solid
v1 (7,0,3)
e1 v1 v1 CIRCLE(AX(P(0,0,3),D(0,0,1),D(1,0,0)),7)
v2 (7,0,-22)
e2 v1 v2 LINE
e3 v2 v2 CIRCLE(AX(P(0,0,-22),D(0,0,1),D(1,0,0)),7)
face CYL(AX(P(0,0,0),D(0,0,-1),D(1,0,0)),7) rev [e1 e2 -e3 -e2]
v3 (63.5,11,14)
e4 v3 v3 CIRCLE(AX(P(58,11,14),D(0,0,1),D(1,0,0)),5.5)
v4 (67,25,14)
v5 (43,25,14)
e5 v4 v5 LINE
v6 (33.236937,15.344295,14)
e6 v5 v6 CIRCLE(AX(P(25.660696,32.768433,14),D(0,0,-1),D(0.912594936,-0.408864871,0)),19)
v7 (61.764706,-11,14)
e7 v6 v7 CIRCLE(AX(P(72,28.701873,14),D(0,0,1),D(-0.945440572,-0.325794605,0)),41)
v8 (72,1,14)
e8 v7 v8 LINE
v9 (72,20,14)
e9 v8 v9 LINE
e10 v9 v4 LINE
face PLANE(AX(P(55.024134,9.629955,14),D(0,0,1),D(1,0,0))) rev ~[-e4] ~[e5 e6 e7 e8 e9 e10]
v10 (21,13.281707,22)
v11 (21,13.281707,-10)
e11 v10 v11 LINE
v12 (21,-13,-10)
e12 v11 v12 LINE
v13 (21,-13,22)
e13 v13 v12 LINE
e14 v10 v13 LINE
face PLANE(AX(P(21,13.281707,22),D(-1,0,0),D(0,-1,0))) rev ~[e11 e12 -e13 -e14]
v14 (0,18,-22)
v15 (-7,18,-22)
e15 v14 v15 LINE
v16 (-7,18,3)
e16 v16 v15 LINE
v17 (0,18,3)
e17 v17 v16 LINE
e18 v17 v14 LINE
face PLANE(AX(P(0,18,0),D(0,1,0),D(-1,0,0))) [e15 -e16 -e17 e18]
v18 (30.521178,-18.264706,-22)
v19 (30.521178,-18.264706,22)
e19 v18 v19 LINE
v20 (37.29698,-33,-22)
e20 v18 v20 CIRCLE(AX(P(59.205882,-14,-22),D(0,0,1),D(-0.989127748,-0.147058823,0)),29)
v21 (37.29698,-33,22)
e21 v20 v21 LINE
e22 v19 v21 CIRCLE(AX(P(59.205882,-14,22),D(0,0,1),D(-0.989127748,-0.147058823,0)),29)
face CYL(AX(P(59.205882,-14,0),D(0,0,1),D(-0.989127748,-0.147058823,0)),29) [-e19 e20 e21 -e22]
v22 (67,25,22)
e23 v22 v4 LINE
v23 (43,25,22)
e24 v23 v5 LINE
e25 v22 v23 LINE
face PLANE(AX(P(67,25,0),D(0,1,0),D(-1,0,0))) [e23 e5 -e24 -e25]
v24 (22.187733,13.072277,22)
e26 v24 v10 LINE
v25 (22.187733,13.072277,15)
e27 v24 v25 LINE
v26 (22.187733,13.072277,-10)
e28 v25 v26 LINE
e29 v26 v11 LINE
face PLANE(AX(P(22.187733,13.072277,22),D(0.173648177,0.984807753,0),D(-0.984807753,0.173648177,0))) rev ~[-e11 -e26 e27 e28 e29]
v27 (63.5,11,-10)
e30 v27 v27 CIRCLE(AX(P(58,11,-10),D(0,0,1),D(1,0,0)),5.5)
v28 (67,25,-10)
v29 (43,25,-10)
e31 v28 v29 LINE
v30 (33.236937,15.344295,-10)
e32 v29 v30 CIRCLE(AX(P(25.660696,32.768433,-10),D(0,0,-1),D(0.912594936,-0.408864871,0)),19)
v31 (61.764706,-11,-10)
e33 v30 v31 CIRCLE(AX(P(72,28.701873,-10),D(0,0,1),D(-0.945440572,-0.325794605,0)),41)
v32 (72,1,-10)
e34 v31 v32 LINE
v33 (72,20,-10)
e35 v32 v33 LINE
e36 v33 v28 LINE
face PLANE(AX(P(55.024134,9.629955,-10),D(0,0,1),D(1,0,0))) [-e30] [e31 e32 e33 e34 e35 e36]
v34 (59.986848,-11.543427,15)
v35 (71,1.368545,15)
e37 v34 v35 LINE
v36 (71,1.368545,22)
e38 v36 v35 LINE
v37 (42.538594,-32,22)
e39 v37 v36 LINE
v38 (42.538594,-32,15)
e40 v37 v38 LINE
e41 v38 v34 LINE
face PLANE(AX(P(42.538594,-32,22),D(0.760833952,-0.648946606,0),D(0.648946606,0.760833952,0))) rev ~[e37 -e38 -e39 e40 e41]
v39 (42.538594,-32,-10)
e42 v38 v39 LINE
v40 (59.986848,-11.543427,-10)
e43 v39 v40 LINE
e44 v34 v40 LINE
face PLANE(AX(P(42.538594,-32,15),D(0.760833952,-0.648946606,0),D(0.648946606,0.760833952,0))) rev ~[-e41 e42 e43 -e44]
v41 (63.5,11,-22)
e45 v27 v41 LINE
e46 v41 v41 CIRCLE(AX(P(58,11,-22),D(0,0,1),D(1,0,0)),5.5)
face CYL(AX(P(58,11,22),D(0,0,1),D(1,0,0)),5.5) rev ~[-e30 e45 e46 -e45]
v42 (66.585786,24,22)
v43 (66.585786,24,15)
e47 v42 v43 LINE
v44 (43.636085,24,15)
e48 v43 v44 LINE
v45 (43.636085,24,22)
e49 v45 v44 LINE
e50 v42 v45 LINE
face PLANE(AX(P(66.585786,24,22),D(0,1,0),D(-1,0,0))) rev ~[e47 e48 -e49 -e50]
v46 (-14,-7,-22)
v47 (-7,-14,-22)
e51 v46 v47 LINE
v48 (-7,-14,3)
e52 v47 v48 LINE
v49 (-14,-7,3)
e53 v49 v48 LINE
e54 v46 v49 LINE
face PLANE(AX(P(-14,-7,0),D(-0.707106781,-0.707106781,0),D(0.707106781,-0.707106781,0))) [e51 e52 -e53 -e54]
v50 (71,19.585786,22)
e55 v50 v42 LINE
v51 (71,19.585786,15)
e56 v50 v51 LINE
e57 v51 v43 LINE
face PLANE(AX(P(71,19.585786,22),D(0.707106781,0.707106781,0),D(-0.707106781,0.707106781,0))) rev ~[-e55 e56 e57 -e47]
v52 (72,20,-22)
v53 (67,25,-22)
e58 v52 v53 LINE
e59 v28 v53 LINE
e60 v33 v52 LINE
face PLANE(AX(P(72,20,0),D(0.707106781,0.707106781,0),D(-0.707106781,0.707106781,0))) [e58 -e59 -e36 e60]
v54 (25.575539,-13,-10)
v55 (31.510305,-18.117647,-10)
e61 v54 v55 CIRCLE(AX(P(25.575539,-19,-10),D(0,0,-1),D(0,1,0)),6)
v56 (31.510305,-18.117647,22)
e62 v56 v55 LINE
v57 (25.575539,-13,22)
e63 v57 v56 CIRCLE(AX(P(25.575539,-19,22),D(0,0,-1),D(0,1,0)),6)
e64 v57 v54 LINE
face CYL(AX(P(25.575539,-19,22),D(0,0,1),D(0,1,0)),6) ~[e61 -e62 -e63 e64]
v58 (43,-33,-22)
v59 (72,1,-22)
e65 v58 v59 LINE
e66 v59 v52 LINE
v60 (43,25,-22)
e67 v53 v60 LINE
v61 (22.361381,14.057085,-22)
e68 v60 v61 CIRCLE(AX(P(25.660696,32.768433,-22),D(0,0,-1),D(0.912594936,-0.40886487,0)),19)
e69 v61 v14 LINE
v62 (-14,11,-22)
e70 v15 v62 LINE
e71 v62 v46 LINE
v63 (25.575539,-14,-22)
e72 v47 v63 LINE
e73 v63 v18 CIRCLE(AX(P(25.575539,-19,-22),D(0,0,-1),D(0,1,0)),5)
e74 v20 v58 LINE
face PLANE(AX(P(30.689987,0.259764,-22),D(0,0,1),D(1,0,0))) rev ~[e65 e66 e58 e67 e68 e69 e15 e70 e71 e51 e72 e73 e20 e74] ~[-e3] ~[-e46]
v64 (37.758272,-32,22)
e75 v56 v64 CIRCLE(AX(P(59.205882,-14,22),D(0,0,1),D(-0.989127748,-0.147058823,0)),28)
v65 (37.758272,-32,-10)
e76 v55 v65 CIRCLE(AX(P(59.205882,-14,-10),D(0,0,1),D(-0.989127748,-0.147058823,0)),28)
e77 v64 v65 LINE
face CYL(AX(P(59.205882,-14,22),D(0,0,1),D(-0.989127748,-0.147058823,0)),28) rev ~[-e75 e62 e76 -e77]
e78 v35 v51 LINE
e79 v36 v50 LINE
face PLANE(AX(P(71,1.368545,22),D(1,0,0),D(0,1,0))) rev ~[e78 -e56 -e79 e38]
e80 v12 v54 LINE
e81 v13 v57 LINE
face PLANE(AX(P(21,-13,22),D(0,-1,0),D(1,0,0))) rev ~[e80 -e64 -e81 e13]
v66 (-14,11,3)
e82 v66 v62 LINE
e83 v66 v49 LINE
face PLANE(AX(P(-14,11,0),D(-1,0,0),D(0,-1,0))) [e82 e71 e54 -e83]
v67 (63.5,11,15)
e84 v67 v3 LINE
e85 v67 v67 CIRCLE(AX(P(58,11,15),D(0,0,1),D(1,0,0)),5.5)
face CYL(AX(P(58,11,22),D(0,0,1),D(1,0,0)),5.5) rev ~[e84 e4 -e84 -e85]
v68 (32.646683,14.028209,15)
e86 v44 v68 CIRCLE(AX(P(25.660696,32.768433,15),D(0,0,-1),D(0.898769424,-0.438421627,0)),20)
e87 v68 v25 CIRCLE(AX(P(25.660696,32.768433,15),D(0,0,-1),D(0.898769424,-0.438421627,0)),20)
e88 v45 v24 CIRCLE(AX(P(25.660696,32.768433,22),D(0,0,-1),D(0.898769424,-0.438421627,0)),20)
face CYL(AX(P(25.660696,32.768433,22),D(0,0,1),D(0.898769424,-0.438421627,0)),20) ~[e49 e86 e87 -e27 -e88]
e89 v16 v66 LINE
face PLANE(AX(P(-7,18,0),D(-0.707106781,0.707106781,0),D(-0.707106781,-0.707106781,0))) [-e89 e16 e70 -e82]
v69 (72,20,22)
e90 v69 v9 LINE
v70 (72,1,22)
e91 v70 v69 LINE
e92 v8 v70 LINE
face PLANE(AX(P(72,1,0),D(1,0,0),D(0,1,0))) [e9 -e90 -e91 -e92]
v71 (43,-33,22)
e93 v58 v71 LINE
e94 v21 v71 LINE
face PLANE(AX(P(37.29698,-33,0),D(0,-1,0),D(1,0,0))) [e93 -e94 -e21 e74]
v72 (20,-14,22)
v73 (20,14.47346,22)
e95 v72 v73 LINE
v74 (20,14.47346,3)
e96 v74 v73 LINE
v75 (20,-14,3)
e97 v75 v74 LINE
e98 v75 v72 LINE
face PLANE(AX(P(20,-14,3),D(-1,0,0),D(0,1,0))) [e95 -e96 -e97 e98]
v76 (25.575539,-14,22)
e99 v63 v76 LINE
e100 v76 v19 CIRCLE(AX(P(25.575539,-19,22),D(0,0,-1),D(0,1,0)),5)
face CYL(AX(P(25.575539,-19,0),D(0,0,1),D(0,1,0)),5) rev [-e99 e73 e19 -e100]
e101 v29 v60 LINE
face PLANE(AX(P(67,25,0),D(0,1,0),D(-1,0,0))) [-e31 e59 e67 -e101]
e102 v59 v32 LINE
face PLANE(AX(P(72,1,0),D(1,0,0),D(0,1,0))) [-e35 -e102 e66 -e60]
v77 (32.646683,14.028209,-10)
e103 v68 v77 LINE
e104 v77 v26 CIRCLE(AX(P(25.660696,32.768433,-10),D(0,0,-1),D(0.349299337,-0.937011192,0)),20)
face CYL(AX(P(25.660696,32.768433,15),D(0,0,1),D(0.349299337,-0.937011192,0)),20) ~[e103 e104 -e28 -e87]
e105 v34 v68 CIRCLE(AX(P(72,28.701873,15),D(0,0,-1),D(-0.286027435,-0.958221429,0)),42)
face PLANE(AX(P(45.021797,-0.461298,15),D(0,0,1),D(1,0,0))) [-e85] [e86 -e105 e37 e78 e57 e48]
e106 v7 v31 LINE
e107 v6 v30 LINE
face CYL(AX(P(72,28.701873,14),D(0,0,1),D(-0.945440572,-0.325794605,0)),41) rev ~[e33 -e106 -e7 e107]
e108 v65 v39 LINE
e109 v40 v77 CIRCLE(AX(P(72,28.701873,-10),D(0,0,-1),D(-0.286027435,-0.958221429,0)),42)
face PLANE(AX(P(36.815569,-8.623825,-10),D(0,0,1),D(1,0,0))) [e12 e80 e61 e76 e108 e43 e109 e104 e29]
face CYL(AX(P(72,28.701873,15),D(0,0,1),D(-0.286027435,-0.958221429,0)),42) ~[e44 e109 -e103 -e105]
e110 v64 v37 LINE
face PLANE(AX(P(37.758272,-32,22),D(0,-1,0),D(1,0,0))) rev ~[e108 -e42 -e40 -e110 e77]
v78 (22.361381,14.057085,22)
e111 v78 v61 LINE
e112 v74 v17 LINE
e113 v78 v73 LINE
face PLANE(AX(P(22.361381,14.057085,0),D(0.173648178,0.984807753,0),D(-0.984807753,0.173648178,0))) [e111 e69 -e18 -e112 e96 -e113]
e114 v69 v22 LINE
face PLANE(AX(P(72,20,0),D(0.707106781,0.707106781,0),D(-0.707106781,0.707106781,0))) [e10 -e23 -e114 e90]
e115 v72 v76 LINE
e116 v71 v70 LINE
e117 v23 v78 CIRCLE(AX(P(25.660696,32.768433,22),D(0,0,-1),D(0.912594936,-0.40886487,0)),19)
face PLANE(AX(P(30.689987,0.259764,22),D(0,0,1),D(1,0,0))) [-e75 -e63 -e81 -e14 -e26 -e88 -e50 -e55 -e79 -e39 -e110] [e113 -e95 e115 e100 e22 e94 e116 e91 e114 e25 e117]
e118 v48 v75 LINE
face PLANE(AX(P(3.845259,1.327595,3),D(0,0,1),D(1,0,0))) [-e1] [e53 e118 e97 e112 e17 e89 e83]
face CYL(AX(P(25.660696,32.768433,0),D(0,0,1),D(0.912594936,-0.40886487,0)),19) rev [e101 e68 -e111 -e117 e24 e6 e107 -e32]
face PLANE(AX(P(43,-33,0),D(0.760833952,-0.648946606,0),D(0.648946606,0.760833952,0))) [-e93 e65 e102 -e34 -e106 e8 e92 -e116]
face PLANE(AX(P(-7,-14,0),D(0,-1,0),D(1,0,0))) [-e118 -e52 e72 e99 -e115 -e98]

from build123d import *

# Parameters (mm, degrees)
SKETCH1_R           = 7
BOSS_EXTRUDE1_DEPTH = 22
CUT_EXTRUDE1_START  = 14
CUT_EXTRUDE1_DEPTH  = 24
CUT_EXTRUDE2_START  = -19
SKETCH5_R           = 7
CUT_EXTRUDE2_DEPTH  = 19
SKETCH6_R           = 5.5
CUT_EXTRUDE3_DEPTH  = 91.60353194
CUT_EXTRUDE4_DEPTH  = 7
CUT_EXTRUDE5_DEPTH  = 25


with BuildPart() as part:
    # Sketch1 → Boss-Extrude1 (new, symmetric)
    with BuildSketch(Plane.XY):
        with BuildLine():
            Line((-14, 11), (-14, -7))
            Line((-14, -7), (-7, -14))
            Line((-7, -14), (25.575538911, -14))
            ThreePointArc((25.575538911, -14), (28.840774692, -15.213413768), (30.521177653, -18.264705882))
            ThreePointArc((30.521177653, -18.264705882), (32.858007856, -26.115672061), (37.296980053, -33))
            Line((37.296980053, -33), (43, -33))
            Line((43, -33), (72, 1))
            Line((72, 1), (72, 20))
            Line((72, 20), (67, 25))
            Line((67, 25), (43, 25))
            ThreePointArc((43, 25), (34.561098706, 15.982044142), (22.361380836, 14.057085233))
            Line((22.361380836, 14.057085233), (0, 18))
            Line((0, 18), (-7, 18))
            Line((-7, 18), (-14, 11))
        make_face()
        Circle(SKETCH1_R, mode=Mode.SUBTRACT)
    extrude(amount=BOSS_EXTRUDE1_DEPTH, both=True)

    # Sketch3 → Cut-Extrude1 (cut)
    with BuildSketch(Plane.XY.offset(CUT_EXTRUDE1_START)):
        with BuildLine():
            Line((72, 1), (72, 20))
            Line((72, 20), (67, 25))
            Line((67, 25), (43, 25))
            ThreePointArc((43, 25), (39.021244343, 19.259333621), (33.236936549, 15.344294617))
            ThreePointArc((33.236936549, 15.344294617), (44.184262982, -1.419294771), (61.764705882, -11))
            Line((61.764705882, -11), (72, 1))
        make_face()
    extrude(amount=-CUT_EXTRUDE1_DEPTH, mode=Mode.SUBTRACT)

    # Sketch5 → Cut-Extrude2 (cut)
    with BuildSketch(Plane.XY.offset(22).offset(CUT_EXTRUDE2_START)):
        Polygon((20, -14), (20, 14.473460386), (0, 18), (-7, 18), (-14, 11), (-14, -7), (-7, -14), align=None)
        Circle(SKETCH5_R, mode=Mode.SUBTRACT)
    extrude(amount=CUT_EXTRUDE2_DEPTH, mode=Mode.SUBTRACT)

    # Sketch6 → Cut-Extrude3 (cut, through all)
    with BuildSketch(Plane.XY.offset(22)):
        with Locations((58, 11)):
            Circle(SKETCH6_R)
    extrude(amount=-CUT_EXTRUDE3_DEPTH, mode=Mode.SUBTRACT)

    # Sketch7 → Cut-Extrude4 (cut)
    with BuildSketch(Plane.XY.offset(22)):
        with BuildLine():
            Line((22.187732658, 13.07227748), (21, 13.281706793))
            Line((21, 13.281706793), (21, -13))
            Line((21, -13), (25.575538911, -13))
            ThreePointArc((25.575538911, -13), (29.493821849, -14.456096521), (31.510305401, -18.117647059))
            ThreePointArc((31.510305401, -18.117647059), (33.672704892, -25.491599052), (37.758271763, -32))
            Line((37.758271763, -32), (42.538593943, -32))
            Line((42.538593943, -32), (71, 1.368545033))
            Line((71, 1.368545033), (71, 19.585786438))
            Line((71, 19.585786438), (66.585786438, 24))
            Line((66.585786438, 24), (43.636084685, 24))
            ThreePointArc((43.636084685, 24), (34.740005768, 14.948047079), (22.187732658, 13.07227748))
        make_face()
    extrude(amount=-CUT_EXTRUDE4_DEPTH, mode=Mode.SUBTRACT)

    # Sketch8 → Cut-Extrude5 (cut)
    with BuildSketch(Plane.XY.offset(15)):
        with BuildLine():
            Line((42.538593943, -32), (59.986847747, -11.543426575))
            ThreePointArc((59.986847747, -11.543426575), (43.310181683, -1.972127362), (32.646682943, 14.028208705))
            ThreePointArc((32.646682943, 14.028208705), (27.481076416, 12.851449437), (22.187732658, 13.07227748))
            Line((22.187732658, 13.07227748), (21, 13.281706793))
            Line((21, 13.281706793), (21, -13))
            Line((21, -13), (25.575538911, -13))
            ThreePointArc((25.575538911, -13), (29.493821849, -14.456096521), (31.510305401, -18.117647059))
            ThreePointArc((31.510305401, -18.117647059), (33.672704892, -25.491599052), (37.758271763, -32))
            Line((37.758271763, -32), (42.538593943, -32))
        make_face()
    extrude(amount=-CUT_EXTRUDE5_DEPTH, mode=Mode.SUBTRACT)


solid = part.part
